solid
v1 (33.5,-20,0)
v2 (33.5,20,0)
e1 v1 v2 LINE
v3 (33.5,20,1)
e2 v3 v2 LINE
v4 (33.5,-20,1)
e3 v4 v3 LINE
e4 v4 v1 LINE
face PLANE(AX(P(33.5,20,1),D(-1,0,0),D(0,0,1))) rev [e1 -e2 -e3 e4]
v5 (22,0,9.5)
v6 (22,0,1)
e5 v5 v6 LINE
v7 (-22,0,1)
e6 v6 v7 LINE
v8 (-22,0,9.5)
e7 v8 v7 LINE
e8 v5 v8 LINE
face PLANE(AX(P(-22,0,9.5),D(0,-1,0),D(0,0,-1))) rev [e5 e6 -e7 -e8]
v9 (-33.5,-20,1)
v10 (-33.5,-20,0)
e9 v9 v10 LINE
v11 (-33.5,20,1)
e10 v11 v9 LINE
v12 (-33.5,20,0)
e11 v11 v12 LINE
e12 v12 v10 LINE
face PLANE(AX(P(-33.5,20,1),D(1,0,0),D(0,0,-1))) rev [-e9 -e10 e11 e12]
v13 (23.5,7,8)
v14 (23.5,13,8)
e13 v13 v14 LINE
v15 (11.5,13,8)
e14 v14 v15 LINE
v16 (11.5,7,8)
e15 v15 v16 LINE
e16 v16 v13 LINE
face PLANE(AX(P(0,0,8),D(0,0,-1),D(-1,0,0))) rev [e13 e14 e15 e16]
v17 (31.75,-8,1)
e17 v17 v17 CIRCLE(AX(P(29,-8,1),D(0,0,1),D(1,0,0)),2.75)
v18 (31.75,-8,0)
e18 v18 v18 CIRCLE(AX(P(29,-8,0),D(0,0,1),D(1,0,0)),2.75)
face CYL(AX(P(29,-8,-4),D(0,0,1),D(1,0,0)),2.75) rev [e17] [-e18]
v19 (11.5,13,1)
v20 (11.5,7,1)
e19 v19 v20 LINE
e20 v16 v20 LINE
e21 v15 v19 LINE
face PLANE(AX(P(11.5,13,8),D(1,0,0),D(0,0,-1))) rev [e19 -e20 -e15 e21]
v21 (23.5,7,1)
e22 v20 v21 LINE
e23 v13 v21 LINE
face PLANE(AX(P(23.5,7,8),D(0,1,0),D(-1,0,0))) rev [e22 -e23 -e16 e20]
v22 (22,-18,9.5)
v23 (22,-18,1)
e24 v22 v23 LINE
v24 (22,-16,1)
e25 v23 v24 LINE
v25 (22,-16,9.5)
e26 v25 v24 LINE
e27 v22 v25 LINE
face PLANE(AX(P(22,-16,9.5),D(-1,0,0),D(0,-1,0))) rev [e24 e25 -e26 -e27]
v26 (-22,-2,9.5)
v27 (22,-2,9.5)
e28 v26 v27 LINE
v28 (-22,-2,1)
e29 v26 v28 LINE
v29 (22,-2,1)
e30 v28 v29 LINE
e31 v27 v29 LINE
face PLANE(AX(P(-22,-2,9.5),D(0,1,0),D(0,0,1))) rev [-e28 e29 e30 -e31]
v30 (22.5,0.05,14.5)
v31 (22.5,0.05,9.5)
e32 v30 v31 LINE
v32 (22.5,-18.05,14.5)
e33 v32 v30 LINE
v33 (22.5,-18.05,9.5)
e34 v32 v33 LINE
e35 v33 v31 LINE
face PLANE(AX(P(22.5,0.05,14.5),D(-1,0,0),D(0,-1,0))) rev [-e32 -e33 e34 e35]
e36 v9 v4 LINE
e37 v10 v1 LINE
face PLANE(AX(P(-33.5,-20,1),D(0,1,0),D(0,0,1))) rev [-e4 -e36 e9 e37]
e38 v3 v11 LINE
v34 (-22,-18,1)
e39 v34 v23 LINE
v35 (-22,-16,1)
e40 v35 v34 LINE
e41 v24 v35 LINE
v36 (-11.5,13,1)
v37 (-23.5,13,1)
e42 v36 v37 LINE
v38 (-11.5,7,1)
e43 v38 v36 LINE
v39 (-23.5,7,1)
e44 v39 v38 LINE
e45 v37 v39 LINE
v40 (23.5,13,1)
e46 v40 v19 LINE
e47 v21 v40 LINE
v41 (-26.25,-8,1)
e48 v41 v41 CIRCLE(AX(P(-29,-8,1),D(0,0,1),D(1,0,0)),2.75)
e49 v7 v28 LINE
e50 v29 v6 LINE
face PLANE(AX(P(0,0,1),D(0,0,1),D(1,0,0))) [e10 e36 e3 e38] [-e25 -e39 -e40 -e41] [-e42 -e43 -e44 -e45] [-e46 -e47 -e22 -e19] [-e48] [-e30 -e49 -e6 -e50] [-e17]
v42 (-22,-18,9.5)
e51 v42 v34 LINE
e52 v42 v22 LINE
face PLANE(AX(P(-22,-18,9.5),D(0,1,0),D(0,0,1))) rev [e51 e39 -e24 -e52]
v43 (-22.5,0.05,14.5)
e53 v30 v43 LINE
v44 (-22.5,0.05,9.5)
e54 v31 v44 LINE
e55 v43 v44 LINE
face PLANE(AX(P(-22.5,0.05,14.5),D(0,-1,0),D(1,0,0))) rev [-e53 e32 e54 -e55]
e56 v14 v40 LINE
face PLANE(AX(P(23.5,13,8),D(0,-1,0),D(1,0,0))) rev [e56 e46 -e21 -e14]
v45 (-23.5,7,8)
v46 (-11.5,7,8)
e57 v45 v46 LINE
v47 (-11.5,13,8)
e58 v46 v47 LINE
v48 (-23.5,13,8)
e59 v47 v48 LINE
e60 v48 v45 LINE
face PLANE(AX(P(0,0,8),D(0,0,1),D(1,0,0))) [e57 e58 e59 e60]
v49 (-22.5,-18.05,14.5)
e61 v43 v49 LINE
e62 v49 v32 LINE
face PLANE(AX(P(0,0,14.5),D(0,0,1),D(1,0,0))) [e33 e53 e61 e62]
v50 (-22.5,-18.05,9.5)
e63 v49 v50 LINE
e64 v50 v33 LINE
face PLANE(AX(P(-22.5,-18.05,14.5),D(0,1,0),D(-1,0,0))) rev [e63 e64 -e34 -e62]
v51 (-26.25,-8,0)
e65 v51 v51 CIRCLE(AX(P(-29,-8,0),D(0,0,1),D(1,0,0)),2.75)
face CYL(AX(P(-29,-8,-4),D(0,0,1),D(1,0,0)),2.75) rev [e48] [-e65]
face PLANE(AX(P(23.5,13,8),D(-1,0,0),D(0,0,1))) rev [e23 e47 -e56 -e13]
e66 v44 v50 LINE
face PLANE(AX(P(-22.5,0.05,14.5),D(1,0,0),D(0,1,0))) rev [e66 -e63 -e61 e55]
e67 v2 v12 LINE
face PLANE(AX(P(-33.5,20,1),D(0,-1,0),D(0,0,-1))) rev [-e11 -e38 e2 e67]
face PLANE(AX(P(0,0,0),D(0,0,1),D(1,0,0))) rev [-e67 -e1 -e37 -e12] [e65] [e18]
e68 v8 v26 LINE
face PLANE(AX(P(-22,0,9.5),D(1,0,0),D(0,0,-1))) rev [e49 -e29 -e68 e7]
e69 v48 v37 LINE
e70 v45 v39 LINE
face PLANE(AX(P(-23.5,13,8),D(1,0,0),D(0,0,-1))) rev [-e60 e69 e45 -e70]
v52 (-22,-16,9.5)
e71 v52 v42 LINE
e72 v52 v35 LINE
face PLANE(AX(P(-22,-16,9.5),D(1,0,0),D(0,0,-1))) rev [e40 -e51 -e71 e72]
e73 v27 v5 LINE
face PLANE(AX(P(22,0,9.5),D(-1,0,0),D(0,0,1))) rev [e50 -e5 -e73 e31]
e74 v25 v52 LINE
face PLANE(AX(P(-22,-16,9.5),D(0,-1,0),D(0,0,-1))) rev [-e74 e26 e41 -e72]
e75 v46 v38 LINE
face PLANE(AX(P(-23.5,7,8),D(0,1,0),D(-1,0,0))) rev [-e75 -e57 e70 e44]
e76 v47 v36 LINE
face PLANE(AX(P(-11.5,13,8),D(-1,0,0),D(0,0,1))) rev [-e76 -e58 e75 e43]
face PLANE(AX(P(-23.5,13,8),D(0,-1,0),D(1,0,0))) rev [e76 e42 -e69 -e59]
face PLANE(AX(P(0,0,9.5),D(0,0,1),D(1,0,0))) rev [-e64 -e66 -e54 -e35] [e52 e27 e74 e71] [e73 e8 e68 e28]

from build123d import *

# Parameters (mm, degrees)
SKETCH_1_W          = 67
SKETCH_1_H          = 40
EXTRUDE_1_DEPTH     = 1
SKETCH_2_W          = 44
SKETCH_2_H          = 2
EXTRUDE_2_DEPTH     = 8.5
SKETCH_3_W          = 45
SKETCH_3_H          = 18.1
EXTRUDE_3_DEPTH     = 5
SKETCH_4_R          = 2.75
CUT_EXTRUDE_1_DEPTH = 5
SKETCH_5_W          = 12
SKETCH_5_H          = 6
EXTRUDE_4_DEPTH     = 7


with BuildPart() as part:
    # ｽｹｯﾁ1 → ﾎﾞｽ - 押し出し1 (new body)
    with BuildSketch(Plane.XY):
        Rectangle(SKETCH_1_W, SKETCH_1_H)
    extrude(amount=EXTRUDE_1_DEPTH)

    # ｽｹｯﾁ2 → ﾎﾞｽ - 押し出し2 (add)
    with BuildSketch(Plane.XY.offset(1)):
        with Locations((0, -1)):
            Rectangle(SKETCH_2_W, SKETCH_2_H)
        with Locations((0, -17)):
            Rectangle(SKETCH_2_W, SKETCH_2_H)
    extrude(amount=EXTRUDE_2_DEPTH)

    # ｽｹｯﾁ3 → ﾎﾞｽ - 押し出し3 (add)
    with BuildSketch(Plane.XY.offset(9.5)):
        with Locations((0, -9)):
            Rectangle(SKETCH_3_W, SKETCH_3_H)
    extrude(amount=EXTRUDE_3_DEPTH)

    # ｽｹｯﾁ4 → ｶｯﾄ - 押し出し1 (cut)
    with BuildSketch(Plane.XY.offset(1)):
        with Locations((-29, -8)):
            Circle(SKETCH_4_R)
        with Locations((29, -8)):
            Circle(SKETCH_4_R)
    extrude(amount=-CUT_EXTRUDE_1_DEPTH, mode=Mode.SUBTRACT)

    # ｽｹｯﾁ5 → ﾎﾞｽ - 押し出し4 (add)
    with BuildSketch(Plane.XY.offset(1)):
        with Locations((-17.5, 10)):
            Rectangle(SKETCH_5_W, SKETCH_5_H)
        with Locations((17.5, 10)):
            Rectangle(SKETCH_5_W, SKETCH_5_H)
    extrude(amount=EXTRUDE_4_DEPTH)


solid = part.part
